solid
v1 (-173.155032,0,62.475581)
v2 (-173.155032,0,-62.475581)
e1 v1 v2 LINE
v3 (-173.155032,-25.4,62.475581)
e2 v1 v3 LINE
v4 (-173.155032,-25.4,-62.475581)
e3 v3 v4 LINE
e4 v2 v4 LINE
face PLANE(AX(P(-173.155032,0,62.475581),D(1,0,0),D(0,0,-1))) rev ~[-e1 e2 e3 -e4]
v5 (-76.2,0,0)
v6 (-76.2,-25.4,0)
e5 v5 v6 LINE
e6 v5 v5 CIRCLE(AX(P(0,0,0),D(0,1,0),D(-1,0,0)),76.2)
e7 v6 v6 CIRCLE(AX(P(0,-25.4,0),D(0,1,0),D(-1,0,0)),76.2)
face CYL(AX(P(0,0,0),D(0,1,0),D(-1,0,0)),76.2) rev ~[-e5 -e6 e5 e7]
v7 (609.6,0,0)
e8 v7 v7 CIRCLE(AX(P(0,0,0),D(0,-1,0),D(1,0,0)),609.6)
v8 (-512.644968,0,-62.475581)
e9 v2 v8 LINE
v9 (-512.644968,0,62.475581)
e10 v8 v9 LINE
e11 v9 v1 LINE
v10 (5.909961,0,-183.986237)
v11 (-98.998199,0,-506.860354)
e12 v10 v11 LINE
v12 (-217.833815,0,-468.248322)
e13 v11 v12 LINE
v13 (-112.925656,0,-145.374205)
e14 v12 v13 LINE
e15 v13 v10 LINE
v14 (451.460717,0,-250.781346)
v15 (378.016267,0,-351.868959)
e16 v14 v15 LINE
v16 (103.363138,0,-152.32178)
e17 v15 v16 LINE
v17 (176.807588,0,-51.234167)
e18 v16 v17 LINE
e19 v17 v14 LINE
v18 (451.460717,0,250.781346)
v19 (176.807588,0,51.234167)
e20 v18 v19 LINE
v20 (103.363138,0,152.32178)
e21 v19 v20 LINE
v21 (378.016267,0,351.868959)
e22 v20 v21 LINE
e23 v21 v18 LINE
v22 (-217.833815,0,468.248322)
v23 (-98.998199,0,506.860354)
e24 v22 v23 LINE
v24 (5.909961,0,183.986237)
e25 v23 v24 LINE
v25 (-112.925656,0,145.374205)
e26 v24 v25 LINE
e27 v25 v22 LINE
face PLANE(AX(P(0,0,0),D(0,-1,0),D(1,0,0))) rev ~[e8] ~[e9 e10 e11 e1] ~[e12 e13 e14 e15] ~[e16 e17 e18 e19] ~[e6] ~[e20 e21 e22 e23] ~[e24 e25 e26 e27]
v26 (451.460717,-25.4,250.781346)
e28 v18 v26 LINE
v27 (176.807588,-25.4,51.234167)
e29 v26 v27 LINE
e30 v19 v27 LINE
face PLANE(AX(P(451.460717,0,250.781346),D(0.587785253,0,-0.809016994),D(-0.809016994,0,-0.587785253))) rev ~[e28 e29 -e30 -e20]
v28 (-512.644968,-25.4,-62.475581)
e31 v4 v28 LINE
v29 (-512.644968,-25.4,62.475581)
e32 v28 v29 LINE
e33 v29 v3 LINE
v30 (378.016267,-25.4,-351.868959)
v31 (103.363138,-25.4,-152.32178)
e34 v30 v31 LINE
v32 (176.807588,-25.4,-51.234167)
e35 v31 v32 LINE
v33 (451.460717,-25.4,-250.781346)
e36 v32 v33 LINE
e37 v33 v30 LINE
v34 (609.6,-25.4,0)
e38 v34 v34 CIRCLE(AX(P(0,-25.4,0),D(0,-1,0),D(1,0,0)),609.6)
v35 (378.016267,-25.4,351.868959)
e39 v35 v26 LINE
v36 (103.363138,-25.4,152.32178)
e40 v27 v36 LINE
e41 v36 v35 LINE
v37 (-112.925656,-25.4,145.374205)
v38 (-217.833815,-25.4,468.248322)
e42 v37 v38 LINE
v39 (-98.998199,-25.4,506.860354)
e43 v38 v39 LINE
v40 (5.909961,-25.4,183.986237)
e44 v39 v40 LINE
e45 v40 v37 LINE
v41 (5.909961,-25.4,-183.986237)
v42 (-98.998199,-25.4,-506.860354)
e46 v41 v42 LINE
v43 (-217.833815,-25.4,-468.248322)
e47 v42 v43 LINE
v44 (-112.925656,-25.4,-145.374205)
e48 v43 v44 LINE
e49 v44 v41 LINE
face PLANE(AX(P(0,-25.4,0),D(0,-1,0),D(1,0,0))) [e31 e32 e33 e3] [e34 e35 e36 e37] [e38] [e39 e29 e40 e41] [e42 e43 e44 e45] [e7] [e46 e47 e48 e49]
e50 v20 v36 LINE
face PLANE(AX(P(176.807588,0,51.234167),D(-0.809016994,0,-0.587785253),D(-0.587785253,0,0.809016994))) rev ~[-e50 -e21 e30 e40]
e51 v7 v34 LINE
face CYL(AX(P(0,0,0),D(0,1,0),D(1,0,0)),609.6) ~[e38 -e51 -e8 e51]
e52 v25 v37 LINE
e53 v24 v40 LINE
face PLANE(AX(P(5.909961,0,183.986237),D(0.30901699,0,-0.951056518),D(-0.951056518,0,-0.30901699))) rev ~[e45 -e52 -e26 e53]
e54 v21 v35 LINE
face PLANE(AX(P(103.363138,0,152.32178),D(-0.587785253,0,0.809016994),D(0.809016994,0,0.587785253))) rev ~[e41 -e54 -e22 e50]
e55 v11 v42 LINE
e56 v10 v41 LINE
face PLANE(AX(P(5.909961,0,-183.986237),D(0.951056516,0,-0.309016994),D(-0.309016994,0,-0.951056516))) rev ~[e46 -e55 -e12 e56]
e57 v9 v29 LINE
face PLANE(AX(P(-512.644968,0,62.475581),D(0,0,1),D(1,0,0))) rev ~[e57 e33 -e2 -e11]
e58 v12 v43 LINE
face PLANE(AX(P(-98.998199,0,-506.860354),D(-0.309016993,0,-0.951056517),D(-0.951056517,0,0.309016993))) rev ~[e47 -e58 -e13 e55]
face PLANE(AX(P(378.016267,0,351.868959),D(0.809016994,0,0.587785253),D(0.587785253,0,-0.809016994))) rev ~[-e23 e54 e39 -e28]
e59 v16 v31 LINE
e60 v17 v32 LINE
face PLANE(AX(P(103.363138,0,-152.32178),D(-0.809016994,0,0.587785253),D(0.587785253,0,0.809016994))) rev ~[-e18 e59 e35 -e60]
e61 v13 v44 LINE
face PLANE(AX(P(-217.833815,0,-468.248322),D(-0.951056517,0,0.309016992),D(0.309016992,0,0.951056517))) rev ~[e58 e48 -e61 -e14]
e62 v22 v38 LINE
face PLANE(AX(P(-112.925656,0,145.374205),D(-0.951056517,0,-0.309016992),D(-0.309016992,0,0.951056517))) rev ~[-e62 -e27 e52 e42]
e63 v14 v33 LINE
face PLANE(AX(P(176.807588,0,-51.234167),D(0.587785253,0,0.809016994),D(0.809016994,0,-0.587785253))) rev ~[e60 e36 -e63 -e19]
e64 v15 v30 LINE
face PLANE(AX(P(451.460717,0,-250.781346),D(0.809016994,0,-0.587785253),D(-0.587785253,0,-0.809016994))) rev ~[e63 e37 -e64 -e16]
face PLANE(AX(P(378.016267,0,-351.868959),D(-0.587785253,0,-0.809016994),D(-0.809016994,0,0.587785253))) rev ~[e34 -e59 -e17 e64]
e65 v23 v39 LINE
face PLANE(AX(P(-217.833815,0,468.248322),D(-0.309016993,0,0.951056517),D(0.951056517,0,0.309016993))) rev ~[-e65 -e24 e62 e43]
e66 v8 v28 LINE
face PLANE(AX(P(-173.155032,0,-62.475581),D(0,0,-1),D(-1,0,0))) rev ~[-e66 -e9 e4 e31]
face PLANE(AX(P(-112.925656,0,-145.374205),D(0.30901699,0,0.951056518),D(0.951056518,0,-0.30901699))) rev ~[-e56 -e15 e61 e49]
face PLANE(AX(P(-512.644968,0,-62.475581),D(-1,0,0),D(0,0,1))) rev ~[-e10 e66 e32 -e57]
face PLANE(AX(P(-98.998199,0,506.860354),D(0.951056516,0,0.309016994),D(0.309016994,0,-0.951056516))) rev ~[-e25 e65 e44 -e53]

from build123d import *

# Parameters (mm, degrees)
F1_DEPTH = 25.4


with BuildPart() as f1:
    # F0 (on Front) → F1 (new body)
    with BuildSketch(Plane.XZ):
        with BuildLine():
            ThreePointArc((-609.6, 0), (0, -609.6), (609.6, 0))
            ThreePointArc((609.6, 0), (0, 609.6), (-609.6, 0))
        make_face()
        Polygon((-98.998199, -506.860354), (-217.833815, -468.248322), (-112.925656, -145.374205), (5.909961, -183.986237), align=None, mode=Mode.SUBTRACT)
        Polygon((451.460717, -250.781346), (378.016267, -351.868959), (103.363138, -152.32178), (176.807588, -51.234167), align=None, mode=Mode.SUBTRACT)
        Polygon((-512.644968, -62.475581), (-512.644968, 0), (-512.644968, 62.475581), (-173.155032, 62.475581), (-173.155032, 0), (-173.155032, -62.475581), align=None, mode=Mode.SUBTRACT)
        Polygon((-217.833815, 468.248322), (-98.998199, 506.860354), (5.909961, 183.986237), (-112.925656, 145.374205), align=None, mode=Mode.SUBTRACT)
        with BuildLine():
            ThreePointArc((76.2, 0), (0, -76.2), (-76.2, 0))
            ThreePointArc((-76.2, 0), (0, 76.2), (76.2, 0))
        make_face(mode=Mode.SUBTRACT)
        Polygon((378.016267, 351.868959), (451.460717, 250.781346), (176.807588, 51.234167), (103.363138, 152.32178), align=None, mode=Mode.SUBTRACT)
    extrude(amount=F1_DEPTH)


solid = f1.part
